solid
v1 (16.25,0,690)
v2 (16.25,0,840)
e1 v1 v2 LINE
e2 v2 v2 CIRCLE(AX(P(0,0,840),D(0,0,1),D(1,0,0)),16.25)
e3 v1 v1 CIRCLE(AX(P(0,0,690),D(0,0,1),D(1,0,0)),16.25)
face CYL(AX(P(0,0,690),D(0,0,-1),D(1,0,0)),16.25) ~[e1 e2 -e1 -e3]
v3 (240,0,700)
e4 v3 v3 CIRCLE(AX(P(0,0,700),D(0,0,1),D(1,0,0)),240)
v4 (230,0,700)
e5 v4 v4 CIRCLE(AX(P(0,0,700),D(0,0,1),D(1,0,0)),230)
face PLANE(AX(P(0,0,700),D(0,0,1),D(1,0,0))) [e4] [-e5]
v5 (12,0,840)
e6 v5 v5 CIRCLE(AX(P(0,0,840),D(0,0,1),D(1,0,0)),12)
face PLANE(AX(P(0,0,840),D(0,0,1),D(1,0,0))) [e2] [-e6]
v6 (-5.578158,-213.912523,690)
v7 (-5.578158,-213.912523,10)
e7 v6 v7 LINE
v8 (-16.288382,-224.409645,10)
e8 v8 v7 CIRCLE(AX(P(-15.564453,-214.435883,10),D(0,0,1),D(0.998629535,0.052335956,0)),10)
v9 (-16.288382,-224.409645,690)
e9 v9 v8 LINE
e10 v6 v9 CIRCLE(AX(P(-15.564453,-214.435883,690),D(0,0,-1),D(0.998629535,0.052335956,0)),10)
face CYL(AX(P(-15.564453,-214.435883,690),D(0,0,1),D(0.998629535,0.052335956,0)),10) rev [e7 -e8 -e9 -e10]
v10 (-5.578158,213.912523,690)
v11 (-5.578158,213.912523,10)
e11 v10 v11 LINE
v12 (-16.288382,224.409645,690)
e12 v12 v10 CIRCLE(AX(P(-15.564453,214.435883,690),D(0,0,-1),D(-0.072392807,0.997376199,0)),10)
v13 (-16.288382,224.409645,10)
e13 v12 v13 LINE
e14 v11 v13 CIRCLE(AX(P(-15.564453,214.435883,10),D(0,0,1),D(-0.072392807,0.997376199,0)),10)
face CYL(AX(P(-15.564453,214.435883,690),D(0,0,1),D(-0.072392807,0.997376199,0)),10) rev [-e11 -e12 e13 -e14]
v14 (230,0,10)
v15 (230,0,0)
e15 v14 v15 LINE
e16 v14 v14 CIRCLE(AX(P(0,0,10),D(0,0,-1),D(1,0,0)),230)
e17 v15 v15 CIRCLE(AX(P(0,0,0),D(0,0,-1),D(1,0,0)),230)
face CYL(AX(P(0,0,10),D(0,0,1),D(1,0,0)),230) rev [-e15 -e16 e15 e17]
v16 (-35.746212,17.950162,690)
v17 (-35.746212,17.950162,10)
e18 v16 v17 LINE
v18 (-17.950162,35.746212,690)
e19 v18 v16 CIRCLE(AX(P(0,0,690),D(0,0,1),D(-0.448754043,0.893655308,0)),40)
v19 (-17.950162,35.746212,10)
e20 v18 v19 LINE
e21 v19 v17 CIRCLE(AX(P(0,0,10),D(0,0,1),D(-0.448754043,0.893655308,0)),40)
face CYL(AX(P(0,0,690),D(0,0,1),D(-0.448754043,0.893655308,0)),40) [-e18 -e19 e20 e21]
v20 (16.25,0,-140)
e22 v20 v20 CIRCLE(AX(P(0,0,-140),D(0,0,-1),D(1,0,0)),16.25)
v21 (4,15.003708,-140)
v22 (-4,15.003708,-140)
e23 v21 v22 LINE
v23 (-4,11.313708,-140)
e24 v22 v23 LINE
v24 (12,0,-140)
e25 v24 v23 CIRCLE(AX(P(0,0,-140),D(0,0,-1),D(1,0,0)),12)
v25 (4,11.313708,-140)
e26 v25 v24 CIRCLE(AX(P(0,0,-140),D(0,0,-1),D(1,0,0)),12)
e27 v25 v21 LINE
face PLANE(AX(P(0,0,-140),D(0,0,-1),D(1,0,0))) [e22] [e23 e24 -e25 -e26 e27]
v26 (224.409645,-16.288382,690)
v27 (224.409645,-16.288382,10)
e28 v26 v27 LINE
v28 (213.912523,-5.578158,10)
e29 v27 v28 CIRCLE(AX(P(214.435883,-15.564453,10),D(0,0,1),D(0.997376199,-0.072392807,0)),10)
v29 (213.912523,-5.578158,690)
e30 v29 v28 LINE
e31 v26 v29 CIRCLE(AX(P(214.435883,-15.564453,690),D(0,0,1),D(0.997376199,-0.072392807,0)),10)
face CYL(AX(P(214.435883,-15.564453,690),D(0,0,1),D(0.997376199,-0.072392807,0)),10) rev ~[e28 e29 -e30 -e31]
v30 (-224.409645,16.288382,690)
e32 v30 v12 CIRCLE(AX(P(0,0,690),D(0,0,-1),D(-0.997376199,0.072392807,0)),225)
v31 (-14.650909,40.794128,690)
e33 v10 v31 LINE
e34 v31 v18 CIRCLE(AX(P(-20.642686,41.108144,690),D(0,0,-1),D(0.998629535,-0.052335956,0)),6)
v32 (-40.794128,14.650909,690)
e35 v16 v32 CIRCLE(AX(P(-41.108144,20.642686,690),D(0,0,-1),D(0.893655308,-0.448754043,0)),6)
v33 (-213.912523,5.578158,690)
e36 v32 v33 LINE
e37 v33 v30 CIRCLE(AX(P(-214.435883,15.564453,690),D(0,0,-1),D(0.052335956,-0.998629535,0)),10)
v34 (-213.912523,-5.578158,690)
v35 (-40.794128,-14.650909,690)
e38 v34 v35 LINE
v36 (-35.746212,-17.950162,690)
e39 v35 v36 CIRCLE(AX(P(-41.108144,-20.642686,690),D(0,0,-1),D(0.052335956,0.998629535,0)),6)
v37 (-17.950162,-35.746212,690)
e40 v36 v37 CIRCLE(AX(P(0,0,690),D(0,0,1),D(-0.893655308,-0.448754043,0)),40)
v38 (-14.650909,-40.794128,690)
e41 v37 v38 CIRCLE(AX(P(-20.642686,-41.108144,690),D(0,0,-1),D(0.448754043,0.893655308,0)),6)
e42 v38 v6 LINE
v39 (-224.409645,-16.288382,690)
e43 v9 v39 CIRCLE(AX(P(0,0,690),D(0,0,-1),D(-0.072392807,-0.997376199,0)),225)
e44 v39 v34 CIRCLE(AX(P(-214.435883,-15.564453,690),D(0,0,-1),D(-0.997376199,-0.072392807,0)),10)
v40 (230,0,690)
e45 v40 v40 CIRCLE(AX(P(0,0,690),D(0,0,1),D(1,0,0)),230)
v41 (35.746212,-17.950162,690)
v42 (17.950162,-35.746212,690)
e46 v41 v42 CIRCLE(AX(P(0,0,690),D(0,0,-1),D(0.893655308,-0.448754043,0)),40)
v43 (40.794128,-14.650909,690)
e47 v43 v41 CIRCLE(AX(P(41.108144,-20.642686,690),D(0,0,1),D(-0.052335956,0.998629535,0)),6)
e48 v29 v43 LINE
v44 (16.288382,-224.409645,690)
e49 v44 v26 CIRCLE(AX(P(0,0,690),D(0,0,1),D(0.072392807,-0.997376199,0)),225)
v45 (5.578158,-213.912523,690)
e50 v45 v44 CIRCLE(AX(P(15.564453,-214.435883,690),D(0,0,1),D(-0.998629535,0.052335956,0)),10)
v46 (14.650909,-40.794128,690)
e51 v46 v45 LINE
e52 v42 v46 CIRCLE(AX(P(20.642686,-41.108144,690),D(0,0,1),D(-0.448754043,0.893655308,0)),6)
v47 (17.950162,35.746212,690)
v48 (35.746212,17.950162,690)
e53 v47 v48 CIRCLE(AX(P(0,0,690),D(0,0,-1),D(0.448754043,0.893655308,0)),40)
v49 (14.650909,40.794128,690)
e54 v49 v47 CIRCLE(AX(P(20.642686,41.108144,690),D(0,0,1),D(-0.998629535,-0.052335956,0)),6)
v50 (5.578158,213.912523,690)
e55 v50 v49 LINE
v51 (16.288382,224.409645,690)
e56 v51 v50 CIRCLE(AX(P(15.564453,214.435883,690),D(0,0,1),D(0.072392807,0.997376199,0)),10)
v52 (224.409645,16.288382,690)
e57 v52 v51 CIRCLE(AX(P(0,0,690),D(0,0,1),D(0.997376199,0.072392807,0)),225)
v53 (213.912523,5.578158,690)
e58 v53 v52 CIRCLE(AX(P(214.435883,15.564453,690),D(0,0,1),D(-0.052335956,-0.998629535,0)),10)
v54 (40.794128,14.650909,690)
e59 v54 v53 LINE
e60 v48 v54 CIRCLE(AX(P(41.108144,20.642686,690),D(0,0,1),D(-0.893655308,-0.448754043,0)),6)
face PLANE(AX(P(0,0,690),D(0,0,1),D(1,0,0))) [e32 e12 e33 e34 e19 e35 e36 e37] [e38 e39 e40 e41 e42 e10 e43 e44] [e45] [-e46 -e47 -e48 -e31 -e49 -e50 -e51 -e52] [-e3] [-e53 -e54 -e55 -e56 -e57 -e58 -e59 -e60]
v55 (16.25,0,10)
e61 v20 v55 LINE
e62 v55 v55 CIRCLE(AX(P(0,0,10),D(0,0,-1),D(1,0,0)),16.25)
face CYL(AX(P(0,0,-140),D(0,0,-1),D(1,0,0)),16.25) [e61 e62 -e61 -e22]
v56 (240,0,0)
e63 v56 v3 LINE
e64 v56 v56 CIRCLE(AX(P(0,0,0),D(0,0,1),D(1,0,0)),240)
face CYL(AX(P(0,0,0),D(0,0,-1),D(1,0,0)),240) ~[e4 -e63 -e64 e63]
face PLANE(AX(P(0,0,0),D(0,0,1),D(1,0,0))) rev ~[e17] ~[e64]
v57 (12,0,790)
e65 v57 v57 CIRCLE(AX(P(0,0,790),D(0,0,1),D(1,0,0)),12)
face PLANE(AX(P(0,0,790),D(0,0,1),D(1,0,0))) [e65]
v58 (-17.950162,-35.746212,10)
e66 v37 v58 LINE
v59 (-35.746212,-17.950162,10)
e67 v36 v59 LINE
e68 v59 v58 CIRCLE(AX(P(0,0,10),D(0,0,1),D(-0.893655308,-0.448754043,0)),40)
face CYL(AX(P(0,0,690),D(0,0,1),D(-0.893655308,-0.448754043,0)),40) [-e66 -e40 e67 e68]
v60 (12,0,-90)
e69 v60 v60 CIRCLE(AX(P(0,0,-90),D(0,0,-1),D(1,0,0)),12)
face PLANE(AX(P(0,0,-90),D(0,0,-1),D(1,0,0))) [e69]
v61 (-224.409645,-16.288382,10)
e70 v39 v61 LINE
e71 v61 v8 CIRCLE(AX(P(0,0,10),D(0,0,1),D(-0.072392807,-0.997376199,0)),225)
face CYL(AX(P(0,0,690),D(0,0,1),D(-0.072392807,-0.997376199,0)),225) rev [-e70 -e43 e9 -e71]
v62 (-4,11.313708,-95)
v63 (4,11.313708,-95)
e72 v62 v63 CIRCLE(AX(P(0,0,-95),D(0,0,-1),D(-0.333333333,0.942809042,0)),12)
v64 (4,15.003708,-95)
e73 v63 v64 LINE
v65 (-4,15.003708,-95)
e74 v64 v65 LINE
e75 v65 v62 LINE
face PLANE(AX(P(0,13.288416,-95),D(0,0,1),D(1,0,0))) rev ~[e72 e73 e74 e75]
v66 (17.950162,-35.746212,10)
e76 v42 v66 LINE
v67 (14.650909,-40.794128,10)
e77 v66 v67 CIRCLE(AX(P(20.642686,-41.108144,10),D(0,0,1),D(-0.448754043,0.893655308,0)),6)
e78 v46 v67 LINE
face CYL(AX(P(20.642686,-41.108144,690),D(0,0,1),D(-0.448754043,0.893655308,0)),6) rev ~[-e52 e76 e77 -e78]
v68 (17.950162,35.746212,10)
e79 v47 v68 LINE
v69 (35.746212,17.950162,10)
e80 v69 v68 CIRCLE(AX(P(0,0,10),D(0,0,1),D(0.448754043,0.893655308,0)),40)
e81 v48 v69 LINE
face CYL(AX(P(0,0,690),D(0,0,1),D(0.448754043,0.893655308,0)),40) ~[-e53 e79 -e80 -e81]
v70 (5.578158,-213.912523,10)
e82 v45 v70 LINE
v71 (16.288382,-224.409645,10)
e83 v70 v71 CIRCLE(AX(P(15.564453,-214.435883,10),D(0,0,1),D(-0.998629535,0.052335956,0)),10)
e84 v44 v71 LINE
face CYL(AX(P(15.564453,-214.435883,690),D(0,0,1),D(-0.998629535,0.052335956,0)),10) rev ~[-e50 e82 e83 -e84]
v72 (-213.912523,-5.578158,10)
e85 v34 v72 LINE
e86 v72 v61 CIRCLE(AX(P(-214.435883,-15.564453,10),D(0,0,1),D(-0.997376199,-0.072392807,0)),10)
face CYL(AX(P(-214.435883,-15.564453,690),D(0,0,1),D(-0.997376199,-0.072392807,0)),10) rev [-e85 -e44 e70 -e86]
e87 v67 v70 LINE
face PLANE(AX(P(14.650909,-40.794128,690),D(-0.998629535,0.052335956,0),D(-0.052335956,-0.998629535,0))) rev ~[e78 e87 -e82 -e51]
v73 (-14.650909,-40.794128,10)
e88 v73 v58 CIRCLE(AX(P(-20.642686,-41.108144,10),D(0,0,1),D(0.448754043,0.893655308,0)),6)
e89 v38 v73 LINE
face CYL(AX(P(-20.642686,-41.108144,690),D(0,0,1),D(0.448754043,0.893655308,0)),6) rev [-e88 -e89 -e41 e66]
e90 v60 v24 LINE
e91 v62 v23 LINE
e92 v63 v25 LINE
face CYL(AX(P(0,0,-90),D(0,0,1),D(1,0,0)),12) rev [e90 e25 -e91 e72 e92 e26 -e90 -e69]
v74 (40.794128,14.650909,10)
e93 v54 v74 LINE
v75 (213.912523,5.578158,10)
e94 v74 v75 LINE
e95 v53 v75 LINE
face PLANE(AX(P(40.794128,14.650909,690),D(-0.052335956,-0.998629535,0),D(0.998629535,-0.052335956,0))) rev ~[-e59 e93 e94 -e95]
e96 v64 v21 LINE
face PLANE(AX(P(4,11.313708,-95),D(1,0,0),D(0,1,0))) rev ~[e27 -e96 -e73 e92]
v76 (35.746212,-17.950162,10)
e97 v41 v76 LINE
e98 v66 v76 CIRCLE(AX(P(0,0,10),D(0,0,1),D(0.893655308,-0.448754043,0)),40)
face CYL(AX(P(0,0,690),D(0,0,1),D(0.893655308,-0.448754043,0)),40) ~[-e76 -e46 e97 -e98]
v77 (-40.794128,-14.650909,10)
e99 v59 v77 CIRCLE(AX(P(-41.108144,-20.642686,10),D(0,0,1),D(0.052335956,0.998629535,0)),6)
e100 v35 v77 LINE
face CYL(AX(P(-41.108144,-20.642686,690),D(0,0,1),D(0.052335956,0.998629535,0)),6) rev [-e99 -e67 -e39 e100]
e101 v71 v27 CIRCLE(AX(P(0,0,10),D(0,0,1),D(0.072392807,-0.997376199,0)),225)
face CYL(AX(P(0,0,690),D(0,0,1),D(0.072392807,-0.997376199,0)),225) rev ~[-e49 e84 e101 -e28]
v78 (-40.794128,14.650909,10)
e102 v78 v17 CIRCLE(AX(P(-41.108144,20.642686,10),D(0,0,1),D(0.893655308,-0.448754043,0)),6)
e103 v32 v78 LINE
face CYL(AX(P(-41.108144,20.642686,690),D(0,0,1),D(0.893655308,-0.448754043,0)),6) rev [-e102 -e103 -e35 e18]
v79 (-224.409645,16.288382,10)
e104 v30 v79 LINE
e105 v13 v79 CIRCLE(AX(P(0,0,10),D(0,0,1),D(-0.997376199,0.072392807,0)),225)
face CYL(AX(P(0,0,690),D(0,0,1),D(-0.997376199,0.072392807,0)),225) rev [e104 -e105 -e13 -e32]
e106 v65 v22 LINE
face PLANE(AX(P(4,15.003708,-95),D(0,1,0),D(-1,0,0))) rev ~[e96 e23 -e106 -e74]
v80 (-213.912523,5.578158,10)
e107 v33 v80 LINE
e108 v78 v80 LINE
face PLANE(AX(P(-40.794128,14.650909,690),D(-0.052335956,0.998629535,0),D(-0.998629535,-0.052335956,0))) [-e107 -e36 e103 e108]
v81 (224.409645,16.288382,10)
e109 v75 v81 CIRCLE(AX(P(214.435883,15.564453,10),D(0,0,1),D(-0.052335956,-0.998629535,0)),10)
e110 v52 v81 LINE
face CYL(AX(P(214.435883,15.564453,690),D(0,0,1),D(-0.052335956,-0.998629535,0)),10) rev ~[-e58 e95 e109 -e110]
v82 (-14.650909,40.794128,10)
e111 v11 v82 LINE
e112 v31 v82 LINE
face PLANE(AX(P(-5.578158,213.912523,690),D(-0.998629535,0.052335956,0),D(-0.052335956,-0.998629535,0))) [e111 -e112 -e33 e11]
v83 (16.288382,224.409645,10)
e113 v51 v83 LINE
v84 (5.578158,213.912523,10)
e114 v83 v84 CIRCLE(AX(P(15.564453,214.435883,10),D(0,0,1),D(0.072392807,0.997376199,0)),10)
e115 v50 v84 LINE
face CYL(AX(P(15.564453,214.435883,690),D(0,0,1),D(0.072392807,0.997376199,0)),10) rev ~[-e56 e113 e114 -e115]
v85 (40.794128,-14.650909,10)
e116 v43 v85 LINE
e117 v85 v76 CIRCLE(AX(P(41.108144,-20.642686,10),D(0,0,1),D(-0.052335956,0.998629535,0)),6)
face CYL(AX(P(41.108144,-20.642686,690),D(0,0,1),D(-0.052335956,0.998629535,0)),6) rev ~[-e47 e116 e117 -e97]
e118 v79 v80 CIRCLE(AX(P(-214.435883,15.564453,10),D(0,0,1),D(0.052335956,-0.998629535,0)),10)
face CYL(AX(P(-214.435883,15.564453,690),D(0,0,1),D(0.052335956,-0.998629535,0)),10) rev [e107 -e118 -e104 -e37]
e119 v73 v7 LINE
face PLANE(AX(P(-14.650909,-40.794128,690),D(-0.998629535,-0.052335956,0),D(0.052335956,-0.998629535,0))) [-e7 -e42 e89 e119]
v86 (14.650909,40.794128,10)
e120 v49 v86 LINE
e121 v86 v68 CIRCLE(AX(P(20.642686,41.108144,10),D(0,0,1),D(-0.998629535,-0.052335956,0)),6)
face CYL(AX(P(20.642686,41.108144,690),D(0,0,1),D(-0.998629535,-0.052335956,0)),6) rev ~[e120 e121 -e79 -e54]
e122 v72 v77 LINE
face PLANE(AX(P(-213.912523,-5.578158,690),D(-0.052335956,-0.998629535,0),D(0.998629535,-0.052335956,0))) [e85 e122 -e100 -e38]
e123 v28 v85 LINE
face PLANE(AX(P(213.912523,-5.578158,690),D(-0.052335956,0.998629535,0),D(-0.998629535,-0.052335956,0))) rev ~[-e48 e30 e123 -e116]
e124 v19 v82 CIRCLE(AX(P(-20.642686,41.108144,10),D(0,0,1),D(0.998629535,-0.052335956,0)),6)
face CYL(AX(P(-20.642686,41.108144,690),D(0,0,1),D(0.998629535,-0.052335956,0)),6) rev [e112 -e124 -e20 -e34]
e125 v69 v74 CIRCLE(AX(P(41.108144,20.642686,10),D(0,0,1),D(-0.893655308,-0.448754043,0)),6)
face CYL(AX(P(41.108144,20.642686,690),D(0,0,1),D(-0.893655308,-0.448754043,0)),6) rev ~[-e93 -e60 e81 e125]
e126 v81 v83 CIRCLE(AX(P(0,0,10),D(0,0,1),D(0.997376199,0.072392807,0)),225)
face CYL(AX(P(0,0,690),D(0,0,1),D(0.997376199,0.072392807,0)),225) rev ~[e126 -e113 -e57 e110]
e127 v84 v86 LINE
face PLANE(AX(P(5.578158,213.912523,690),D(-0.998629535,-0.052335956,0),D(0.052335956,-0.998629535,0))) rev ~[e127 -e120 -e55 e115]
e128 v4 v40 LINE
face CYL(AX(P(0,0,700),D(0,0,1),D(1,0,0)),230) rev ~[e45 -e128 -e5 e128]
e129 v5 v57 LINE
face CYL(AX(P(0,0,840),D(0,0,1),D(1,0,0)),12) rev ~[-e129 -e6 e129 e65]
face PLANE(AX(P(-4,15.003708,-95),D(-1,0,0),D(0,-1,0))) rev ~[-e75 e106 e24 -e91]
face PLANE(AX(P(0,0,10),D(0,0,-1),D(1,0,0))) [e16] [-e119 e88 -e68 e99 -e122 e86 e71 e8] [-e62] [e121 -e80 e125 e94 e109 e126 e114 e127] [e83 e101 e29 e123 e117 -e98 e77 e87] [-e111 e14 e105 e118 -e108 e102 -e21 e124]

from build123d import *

# Parameters (mm, degrees)
SKETCH1_R           = 240
BOSS_EXTRUDE1_DEPTH = 700
SKETCH2_R           = 230
CUT_EXTRUDE1_DEPTH  = 10
CUT_EXTRUDE2_START  = -10
SKETCH3_R           = 230
CUT_EXTRUDE2_DEPTH  = 10
CUT_EXTRUDE3_REACH  = 770.96
SKETCH5_R           = 16.25
BOSS_EXTRUDE2_DEPTH = 150
BOSS_EXTRUDE3_START = 150
SKETCH6_R           = 16.25
BOSS_EXTRUDE3_DEPTH = 150
SKETCH7_R           = 12
CUT_EXTRUDE4_DEPTH  = 50
CUT_EXTRUDE5_START  = -50
SKETCH8_R           = 12
CUT_EXTRUDE5_DEPTH  = 50
CUT_EXTRUDE8_START  = -45
CUT_EXTRUDE8_DEPTH  = 45


with BuildPart() as part:
    # Sketch1 → Boss-Extrude1 (new body)
    with BuildSketch(Plane.XY):
        Circle(SKETCH1_R)
    extrude(amount=BOSS_EXTRUDE1_DEPTH)

    # Sketch2 → Cut-Extrude1 (cut)
    with BuildSketch(Plane.XY.offset(700)):
        Circle(SKETCH2_R)
    extrude(amount=-CUT_EXTRUDE1_DEPTH, mode=Mode.SUBTRACT)

    # Sketch3 → Cut-Extrude2 (cut)
    with BuildSketch(Plane(origin=(0, 0, 0), x_dir=(-1, 0, 0), z_dir=(0, 0, -1)).offset(CUT_EXTRUDE2_START)):
        with Locations(Location((0, 0, 0), (0, 0, 180))):
            Circle(SKETCH3_R)
    extrude(amount=CUT_EXTRUDE2_DEPTH, mode=Mode.SUBTRACT)

    # Sketch4 → Cut-Extrude3 (cut, up to next)
    with BuildSketch(Plane.XY.offset(690), mode=Mode.PRIVATE) as cut_extrude3_sk1:
        with BuildLine():
            Line((-5.578158138, 213.912523134), (-14.650908758, 40.79412842))
            ThreePointArc((-14.650908758, 40.79412842), (-15.620272478, 37.825559391), (-17.95016171, 35.746212311))
            ThreePointArc((-17.95016171, 35.746212311), (-28.284271247, 28.284271247), (-35.746212311, 17.95016171))
            ThreePointArc((-35.746212311, 17.95016171), (-37.825559391, 15.620272478), (-40.79412842, 14.650908758))
            Line((-40.79412842, 14.650908758), (-213.912523134, 5.578158138))
            ThreePointArc((-213.912523134, 5.578158138), (-221.577643537, 8.564792629), (-224.409644682, 16.288381554))
            ThreePointArc((-224.409644682, 16.288381554), (-159.099025767, 159.099025767), (-16.288381554, 224.409644682))
            ThreePointArc((-16.288381554, 224.409644682), (-8.564792629, 221.577643537), (-5.578158138, 213.912523134))
        make_face()
    cut_extrude3_tool1 = extrude(cut_extrude3_sk1.sketch, amount=-CUT_EXTRUDE3_REACH, mode=Mode.PRIVATE) & part.part
    # Sketch4 → Cut-Extrude3 (cut, up to next)
    with BuildSketch(Plane.XY.offset(690), mode=Mode.PRIVATE) as cut_extrude3_sk2:
        with BuildLine():
            Line((5.578158138, 213.912523134), (14.650908758, 40.79412842))
            ThreePointArc((14.650908758, 40.79412842), (15.620272478, 37.825559391), (17.95016171, 35.746212311))
            ThreePointArc((17.95016171, 35.746212311), (28.284271247, 28.284271247), (35.746212311, 17.95016171))
            ThreePointArc((35.746212311, 17.95016171), (37.825559391, 15.620272478), (40.79412842, 14.650908758))
            Line((40.79412842, 14.650908758), (213.912523134, 5.578158138))
            ThreePointArc((213.912523134, 5.578158138), (221.577643537, 8.564792629), (224.409644682, 16.288381554))
            ThreePointArc((224.409644682, 16.288381554), (159.099025767, 159.099025767), (16.288381554, 224.409644682))
            ThreePointArc((16.288381554, 224.409644682), (8.564792629, 221.577643537), (5.578158138, 213.912523134))
        make_face()
    cut_extrude3_tool2 = extrude(cut_extrude3_sk2.sketch, amount=-CUT_EXTRUDE3_REACH, mode=Mode.PRIVATE) & part.part
    # Sketch4 → Cut-Extrude3 (cut, up to next)
    with BuildSketch(Plane.XY.offset(690), mode=Mode.PRIVATE) as cut_extrude3_sk3:
        with BuildLine():
            Line((-213.912523134, -5.578158138), (-40.79412842, -14.650908758))
            ThreePointArc((-40.79412842, -14.650908758), (-37.825559391, -15.620272478), (-35.746212311, -17.95016171))
            ThreePointArc((-35.746212311, -17.95016171), (-28.284271247, -28.284271247), (-17.95016171, -35.746212311))
            ThreePointArc((-17.95016171, -35.746212311), (-15.620272478, -37.825559391), (-14.650908758, -40.79412842))
            Line((-14.650908758, -40.79412842), (-5.578158138, -213.912523134))
            ThreePointArc((-5.578158138, -213.912523134), (-8.564792629, -221.577643537), (-16.288381554, -224.409644682))
            ThreePointArc((-16.288381554, -224.409644682), (-159.099025767, -159.099025767), (-224.409644682, -16.288381554))
            ThreePointArc((-224.409644682, -16.288381554), (-221.577643537, -8.564792629), (-213.912523134, -5.578158138))
        make_face()
    cut_extrude3_tool3 = extrude(cut_extrude3_sk3.sketch, amount=-CUT_EXTRUDE3_REACH, mode=Mode.PRIVATE) & part.part
    # Sketch4 → Cut-Extrude3 (cut, up to next)
    with BuildSketch(Plane.XY.offset(690), mode=Mode.PRIVATE) as cut_extrude3_sk4:
        with BuildLine():
            Line((213.912523134, -5.578158138), (40.79412842, -14.650908758))
            ThreePointArc((40.79412842, -14.650908758), (37.825559391, -15.620272478), (35.746212311, -17.95016171))
            ThreePointArc((35.746212311, -17.95016171), (28.284271247, -28.284271247), (17.95016171, -35.746212311))
            ThreePointArc((17.95016171, -35.746212311), (15.620272478, -37.825559391), (14.650908758, -40.79412842))
            Line((14.650908758, -40.79412842), (5.578158138, -213.912523134))
            ThreePointArc((5.578158138, -213.912523134), (8.564792629, -221.577643537), (16.288381554, -224.409644682))
            ThreePointArc((16.288381554, -224.409644682), (159.099025767, -159.099025767), (224.409644682, -16.288381554))
            ThreePointArc((224.409644682, -16.288381554), (221.577643537, -8.564792629), (213.912523134, -5.578158138))
        make_face()
    cut_extrude3_tool4 = extrude(cut_extrude3_sk4.sketch, amount=-CUT_EXTRUDE3_REACH, mode=Mode.PRIVATE) & part.part
    add(cut_extrude3_tool1.solids().sort_by_distance((-101.943067, 101.943067, 690))[0], mode=Mode.SUBTRACT)
    add(cut_extrude3_tool2.solids().sort_by_distance((101.943067, 101.943067, 690))[0], mode=Mode.SUBTRACT)
    add(cut_extrude3_tool3.solids().sort_by_distance((-101.943067, -101.943067, 690))[0], mode=Mode.SUBTRACT)
    add(cut_extrude3_tool4.solids().sort_by_distance((101.943067, -101.943067, 690))[0], mode=Mode.SUBTRACT)

    # Sketch5 → Boss-Extrude2 (add)
    with BuildSketch(Plane.XY.offset(690)):
        Circle(SKETCH5_R)
    extrude(amount=BOSS_EXTRUDE2_DEPTH)

    # Sketch6 → Boss-Extrude3 (add)
    with BuildSketch(Plane(origin=(0, 0, 10), x_dir=(-1, 0, 0), z_dir=(0, 0, -1)).offset(BOSS_EXTRUDE3_START)):
        with Locations(Location((0, 0, 0), (0, 0, 180))):
            Circle(SKETCH6_R)
    extrude(amount=-BOSS_EXTRUDE3_DEPTH)

    # Sketch7 → Cut-Extrude4 (cut)
    with BuildSketch(Plane.XY.offset(840)):
        Circle(SKETCH7_R)
    extrude(amount=-CUT_EXTRUDE4_DEPTH, mode=Mode.SUBTRACT)

    # Sketch8 → Cut-Extrude5 (cut)
    with BuildSketch(Plane(origin=(0, 0, -140), x_dir=(-1, 0, 0), z_dir=(0, 0, -1)).offset(CUT_EXTRUDE5_START)):
        with Locations(Location((0, 0, 0), (0, 0, 180))):
            Circle(SKETCH8_R)
    extrude(amount=CUT_EXTRUDE5_DEPTH, mode=Mode.SUBTRACT)

    # Sketch10 → Cut-Extrude8 (cut)
    with BuildSketch(Plane(origin=(0, 0, -140), x_dir=(-1, 0, 0), z_dir=(0, 0, -1)).offset(CUT_EXTRUDE8_START)):
        with BuildLine():
            Line((-4, 11.313708499), (-4, 15.003708499))
            Line((-4, 15.003708499), (4, 15.003708499))
            Line((4, 15.003708499), (4, 11.313708499))
            ThreePointArc((4, 11.313708499), (0, 12), (-4, 11.313708499))
        make_face()
    extrude(amount=CUT_EXTRUDE8_DEPTH, mode=Mode.SUBTRACT)


solid = part.part
